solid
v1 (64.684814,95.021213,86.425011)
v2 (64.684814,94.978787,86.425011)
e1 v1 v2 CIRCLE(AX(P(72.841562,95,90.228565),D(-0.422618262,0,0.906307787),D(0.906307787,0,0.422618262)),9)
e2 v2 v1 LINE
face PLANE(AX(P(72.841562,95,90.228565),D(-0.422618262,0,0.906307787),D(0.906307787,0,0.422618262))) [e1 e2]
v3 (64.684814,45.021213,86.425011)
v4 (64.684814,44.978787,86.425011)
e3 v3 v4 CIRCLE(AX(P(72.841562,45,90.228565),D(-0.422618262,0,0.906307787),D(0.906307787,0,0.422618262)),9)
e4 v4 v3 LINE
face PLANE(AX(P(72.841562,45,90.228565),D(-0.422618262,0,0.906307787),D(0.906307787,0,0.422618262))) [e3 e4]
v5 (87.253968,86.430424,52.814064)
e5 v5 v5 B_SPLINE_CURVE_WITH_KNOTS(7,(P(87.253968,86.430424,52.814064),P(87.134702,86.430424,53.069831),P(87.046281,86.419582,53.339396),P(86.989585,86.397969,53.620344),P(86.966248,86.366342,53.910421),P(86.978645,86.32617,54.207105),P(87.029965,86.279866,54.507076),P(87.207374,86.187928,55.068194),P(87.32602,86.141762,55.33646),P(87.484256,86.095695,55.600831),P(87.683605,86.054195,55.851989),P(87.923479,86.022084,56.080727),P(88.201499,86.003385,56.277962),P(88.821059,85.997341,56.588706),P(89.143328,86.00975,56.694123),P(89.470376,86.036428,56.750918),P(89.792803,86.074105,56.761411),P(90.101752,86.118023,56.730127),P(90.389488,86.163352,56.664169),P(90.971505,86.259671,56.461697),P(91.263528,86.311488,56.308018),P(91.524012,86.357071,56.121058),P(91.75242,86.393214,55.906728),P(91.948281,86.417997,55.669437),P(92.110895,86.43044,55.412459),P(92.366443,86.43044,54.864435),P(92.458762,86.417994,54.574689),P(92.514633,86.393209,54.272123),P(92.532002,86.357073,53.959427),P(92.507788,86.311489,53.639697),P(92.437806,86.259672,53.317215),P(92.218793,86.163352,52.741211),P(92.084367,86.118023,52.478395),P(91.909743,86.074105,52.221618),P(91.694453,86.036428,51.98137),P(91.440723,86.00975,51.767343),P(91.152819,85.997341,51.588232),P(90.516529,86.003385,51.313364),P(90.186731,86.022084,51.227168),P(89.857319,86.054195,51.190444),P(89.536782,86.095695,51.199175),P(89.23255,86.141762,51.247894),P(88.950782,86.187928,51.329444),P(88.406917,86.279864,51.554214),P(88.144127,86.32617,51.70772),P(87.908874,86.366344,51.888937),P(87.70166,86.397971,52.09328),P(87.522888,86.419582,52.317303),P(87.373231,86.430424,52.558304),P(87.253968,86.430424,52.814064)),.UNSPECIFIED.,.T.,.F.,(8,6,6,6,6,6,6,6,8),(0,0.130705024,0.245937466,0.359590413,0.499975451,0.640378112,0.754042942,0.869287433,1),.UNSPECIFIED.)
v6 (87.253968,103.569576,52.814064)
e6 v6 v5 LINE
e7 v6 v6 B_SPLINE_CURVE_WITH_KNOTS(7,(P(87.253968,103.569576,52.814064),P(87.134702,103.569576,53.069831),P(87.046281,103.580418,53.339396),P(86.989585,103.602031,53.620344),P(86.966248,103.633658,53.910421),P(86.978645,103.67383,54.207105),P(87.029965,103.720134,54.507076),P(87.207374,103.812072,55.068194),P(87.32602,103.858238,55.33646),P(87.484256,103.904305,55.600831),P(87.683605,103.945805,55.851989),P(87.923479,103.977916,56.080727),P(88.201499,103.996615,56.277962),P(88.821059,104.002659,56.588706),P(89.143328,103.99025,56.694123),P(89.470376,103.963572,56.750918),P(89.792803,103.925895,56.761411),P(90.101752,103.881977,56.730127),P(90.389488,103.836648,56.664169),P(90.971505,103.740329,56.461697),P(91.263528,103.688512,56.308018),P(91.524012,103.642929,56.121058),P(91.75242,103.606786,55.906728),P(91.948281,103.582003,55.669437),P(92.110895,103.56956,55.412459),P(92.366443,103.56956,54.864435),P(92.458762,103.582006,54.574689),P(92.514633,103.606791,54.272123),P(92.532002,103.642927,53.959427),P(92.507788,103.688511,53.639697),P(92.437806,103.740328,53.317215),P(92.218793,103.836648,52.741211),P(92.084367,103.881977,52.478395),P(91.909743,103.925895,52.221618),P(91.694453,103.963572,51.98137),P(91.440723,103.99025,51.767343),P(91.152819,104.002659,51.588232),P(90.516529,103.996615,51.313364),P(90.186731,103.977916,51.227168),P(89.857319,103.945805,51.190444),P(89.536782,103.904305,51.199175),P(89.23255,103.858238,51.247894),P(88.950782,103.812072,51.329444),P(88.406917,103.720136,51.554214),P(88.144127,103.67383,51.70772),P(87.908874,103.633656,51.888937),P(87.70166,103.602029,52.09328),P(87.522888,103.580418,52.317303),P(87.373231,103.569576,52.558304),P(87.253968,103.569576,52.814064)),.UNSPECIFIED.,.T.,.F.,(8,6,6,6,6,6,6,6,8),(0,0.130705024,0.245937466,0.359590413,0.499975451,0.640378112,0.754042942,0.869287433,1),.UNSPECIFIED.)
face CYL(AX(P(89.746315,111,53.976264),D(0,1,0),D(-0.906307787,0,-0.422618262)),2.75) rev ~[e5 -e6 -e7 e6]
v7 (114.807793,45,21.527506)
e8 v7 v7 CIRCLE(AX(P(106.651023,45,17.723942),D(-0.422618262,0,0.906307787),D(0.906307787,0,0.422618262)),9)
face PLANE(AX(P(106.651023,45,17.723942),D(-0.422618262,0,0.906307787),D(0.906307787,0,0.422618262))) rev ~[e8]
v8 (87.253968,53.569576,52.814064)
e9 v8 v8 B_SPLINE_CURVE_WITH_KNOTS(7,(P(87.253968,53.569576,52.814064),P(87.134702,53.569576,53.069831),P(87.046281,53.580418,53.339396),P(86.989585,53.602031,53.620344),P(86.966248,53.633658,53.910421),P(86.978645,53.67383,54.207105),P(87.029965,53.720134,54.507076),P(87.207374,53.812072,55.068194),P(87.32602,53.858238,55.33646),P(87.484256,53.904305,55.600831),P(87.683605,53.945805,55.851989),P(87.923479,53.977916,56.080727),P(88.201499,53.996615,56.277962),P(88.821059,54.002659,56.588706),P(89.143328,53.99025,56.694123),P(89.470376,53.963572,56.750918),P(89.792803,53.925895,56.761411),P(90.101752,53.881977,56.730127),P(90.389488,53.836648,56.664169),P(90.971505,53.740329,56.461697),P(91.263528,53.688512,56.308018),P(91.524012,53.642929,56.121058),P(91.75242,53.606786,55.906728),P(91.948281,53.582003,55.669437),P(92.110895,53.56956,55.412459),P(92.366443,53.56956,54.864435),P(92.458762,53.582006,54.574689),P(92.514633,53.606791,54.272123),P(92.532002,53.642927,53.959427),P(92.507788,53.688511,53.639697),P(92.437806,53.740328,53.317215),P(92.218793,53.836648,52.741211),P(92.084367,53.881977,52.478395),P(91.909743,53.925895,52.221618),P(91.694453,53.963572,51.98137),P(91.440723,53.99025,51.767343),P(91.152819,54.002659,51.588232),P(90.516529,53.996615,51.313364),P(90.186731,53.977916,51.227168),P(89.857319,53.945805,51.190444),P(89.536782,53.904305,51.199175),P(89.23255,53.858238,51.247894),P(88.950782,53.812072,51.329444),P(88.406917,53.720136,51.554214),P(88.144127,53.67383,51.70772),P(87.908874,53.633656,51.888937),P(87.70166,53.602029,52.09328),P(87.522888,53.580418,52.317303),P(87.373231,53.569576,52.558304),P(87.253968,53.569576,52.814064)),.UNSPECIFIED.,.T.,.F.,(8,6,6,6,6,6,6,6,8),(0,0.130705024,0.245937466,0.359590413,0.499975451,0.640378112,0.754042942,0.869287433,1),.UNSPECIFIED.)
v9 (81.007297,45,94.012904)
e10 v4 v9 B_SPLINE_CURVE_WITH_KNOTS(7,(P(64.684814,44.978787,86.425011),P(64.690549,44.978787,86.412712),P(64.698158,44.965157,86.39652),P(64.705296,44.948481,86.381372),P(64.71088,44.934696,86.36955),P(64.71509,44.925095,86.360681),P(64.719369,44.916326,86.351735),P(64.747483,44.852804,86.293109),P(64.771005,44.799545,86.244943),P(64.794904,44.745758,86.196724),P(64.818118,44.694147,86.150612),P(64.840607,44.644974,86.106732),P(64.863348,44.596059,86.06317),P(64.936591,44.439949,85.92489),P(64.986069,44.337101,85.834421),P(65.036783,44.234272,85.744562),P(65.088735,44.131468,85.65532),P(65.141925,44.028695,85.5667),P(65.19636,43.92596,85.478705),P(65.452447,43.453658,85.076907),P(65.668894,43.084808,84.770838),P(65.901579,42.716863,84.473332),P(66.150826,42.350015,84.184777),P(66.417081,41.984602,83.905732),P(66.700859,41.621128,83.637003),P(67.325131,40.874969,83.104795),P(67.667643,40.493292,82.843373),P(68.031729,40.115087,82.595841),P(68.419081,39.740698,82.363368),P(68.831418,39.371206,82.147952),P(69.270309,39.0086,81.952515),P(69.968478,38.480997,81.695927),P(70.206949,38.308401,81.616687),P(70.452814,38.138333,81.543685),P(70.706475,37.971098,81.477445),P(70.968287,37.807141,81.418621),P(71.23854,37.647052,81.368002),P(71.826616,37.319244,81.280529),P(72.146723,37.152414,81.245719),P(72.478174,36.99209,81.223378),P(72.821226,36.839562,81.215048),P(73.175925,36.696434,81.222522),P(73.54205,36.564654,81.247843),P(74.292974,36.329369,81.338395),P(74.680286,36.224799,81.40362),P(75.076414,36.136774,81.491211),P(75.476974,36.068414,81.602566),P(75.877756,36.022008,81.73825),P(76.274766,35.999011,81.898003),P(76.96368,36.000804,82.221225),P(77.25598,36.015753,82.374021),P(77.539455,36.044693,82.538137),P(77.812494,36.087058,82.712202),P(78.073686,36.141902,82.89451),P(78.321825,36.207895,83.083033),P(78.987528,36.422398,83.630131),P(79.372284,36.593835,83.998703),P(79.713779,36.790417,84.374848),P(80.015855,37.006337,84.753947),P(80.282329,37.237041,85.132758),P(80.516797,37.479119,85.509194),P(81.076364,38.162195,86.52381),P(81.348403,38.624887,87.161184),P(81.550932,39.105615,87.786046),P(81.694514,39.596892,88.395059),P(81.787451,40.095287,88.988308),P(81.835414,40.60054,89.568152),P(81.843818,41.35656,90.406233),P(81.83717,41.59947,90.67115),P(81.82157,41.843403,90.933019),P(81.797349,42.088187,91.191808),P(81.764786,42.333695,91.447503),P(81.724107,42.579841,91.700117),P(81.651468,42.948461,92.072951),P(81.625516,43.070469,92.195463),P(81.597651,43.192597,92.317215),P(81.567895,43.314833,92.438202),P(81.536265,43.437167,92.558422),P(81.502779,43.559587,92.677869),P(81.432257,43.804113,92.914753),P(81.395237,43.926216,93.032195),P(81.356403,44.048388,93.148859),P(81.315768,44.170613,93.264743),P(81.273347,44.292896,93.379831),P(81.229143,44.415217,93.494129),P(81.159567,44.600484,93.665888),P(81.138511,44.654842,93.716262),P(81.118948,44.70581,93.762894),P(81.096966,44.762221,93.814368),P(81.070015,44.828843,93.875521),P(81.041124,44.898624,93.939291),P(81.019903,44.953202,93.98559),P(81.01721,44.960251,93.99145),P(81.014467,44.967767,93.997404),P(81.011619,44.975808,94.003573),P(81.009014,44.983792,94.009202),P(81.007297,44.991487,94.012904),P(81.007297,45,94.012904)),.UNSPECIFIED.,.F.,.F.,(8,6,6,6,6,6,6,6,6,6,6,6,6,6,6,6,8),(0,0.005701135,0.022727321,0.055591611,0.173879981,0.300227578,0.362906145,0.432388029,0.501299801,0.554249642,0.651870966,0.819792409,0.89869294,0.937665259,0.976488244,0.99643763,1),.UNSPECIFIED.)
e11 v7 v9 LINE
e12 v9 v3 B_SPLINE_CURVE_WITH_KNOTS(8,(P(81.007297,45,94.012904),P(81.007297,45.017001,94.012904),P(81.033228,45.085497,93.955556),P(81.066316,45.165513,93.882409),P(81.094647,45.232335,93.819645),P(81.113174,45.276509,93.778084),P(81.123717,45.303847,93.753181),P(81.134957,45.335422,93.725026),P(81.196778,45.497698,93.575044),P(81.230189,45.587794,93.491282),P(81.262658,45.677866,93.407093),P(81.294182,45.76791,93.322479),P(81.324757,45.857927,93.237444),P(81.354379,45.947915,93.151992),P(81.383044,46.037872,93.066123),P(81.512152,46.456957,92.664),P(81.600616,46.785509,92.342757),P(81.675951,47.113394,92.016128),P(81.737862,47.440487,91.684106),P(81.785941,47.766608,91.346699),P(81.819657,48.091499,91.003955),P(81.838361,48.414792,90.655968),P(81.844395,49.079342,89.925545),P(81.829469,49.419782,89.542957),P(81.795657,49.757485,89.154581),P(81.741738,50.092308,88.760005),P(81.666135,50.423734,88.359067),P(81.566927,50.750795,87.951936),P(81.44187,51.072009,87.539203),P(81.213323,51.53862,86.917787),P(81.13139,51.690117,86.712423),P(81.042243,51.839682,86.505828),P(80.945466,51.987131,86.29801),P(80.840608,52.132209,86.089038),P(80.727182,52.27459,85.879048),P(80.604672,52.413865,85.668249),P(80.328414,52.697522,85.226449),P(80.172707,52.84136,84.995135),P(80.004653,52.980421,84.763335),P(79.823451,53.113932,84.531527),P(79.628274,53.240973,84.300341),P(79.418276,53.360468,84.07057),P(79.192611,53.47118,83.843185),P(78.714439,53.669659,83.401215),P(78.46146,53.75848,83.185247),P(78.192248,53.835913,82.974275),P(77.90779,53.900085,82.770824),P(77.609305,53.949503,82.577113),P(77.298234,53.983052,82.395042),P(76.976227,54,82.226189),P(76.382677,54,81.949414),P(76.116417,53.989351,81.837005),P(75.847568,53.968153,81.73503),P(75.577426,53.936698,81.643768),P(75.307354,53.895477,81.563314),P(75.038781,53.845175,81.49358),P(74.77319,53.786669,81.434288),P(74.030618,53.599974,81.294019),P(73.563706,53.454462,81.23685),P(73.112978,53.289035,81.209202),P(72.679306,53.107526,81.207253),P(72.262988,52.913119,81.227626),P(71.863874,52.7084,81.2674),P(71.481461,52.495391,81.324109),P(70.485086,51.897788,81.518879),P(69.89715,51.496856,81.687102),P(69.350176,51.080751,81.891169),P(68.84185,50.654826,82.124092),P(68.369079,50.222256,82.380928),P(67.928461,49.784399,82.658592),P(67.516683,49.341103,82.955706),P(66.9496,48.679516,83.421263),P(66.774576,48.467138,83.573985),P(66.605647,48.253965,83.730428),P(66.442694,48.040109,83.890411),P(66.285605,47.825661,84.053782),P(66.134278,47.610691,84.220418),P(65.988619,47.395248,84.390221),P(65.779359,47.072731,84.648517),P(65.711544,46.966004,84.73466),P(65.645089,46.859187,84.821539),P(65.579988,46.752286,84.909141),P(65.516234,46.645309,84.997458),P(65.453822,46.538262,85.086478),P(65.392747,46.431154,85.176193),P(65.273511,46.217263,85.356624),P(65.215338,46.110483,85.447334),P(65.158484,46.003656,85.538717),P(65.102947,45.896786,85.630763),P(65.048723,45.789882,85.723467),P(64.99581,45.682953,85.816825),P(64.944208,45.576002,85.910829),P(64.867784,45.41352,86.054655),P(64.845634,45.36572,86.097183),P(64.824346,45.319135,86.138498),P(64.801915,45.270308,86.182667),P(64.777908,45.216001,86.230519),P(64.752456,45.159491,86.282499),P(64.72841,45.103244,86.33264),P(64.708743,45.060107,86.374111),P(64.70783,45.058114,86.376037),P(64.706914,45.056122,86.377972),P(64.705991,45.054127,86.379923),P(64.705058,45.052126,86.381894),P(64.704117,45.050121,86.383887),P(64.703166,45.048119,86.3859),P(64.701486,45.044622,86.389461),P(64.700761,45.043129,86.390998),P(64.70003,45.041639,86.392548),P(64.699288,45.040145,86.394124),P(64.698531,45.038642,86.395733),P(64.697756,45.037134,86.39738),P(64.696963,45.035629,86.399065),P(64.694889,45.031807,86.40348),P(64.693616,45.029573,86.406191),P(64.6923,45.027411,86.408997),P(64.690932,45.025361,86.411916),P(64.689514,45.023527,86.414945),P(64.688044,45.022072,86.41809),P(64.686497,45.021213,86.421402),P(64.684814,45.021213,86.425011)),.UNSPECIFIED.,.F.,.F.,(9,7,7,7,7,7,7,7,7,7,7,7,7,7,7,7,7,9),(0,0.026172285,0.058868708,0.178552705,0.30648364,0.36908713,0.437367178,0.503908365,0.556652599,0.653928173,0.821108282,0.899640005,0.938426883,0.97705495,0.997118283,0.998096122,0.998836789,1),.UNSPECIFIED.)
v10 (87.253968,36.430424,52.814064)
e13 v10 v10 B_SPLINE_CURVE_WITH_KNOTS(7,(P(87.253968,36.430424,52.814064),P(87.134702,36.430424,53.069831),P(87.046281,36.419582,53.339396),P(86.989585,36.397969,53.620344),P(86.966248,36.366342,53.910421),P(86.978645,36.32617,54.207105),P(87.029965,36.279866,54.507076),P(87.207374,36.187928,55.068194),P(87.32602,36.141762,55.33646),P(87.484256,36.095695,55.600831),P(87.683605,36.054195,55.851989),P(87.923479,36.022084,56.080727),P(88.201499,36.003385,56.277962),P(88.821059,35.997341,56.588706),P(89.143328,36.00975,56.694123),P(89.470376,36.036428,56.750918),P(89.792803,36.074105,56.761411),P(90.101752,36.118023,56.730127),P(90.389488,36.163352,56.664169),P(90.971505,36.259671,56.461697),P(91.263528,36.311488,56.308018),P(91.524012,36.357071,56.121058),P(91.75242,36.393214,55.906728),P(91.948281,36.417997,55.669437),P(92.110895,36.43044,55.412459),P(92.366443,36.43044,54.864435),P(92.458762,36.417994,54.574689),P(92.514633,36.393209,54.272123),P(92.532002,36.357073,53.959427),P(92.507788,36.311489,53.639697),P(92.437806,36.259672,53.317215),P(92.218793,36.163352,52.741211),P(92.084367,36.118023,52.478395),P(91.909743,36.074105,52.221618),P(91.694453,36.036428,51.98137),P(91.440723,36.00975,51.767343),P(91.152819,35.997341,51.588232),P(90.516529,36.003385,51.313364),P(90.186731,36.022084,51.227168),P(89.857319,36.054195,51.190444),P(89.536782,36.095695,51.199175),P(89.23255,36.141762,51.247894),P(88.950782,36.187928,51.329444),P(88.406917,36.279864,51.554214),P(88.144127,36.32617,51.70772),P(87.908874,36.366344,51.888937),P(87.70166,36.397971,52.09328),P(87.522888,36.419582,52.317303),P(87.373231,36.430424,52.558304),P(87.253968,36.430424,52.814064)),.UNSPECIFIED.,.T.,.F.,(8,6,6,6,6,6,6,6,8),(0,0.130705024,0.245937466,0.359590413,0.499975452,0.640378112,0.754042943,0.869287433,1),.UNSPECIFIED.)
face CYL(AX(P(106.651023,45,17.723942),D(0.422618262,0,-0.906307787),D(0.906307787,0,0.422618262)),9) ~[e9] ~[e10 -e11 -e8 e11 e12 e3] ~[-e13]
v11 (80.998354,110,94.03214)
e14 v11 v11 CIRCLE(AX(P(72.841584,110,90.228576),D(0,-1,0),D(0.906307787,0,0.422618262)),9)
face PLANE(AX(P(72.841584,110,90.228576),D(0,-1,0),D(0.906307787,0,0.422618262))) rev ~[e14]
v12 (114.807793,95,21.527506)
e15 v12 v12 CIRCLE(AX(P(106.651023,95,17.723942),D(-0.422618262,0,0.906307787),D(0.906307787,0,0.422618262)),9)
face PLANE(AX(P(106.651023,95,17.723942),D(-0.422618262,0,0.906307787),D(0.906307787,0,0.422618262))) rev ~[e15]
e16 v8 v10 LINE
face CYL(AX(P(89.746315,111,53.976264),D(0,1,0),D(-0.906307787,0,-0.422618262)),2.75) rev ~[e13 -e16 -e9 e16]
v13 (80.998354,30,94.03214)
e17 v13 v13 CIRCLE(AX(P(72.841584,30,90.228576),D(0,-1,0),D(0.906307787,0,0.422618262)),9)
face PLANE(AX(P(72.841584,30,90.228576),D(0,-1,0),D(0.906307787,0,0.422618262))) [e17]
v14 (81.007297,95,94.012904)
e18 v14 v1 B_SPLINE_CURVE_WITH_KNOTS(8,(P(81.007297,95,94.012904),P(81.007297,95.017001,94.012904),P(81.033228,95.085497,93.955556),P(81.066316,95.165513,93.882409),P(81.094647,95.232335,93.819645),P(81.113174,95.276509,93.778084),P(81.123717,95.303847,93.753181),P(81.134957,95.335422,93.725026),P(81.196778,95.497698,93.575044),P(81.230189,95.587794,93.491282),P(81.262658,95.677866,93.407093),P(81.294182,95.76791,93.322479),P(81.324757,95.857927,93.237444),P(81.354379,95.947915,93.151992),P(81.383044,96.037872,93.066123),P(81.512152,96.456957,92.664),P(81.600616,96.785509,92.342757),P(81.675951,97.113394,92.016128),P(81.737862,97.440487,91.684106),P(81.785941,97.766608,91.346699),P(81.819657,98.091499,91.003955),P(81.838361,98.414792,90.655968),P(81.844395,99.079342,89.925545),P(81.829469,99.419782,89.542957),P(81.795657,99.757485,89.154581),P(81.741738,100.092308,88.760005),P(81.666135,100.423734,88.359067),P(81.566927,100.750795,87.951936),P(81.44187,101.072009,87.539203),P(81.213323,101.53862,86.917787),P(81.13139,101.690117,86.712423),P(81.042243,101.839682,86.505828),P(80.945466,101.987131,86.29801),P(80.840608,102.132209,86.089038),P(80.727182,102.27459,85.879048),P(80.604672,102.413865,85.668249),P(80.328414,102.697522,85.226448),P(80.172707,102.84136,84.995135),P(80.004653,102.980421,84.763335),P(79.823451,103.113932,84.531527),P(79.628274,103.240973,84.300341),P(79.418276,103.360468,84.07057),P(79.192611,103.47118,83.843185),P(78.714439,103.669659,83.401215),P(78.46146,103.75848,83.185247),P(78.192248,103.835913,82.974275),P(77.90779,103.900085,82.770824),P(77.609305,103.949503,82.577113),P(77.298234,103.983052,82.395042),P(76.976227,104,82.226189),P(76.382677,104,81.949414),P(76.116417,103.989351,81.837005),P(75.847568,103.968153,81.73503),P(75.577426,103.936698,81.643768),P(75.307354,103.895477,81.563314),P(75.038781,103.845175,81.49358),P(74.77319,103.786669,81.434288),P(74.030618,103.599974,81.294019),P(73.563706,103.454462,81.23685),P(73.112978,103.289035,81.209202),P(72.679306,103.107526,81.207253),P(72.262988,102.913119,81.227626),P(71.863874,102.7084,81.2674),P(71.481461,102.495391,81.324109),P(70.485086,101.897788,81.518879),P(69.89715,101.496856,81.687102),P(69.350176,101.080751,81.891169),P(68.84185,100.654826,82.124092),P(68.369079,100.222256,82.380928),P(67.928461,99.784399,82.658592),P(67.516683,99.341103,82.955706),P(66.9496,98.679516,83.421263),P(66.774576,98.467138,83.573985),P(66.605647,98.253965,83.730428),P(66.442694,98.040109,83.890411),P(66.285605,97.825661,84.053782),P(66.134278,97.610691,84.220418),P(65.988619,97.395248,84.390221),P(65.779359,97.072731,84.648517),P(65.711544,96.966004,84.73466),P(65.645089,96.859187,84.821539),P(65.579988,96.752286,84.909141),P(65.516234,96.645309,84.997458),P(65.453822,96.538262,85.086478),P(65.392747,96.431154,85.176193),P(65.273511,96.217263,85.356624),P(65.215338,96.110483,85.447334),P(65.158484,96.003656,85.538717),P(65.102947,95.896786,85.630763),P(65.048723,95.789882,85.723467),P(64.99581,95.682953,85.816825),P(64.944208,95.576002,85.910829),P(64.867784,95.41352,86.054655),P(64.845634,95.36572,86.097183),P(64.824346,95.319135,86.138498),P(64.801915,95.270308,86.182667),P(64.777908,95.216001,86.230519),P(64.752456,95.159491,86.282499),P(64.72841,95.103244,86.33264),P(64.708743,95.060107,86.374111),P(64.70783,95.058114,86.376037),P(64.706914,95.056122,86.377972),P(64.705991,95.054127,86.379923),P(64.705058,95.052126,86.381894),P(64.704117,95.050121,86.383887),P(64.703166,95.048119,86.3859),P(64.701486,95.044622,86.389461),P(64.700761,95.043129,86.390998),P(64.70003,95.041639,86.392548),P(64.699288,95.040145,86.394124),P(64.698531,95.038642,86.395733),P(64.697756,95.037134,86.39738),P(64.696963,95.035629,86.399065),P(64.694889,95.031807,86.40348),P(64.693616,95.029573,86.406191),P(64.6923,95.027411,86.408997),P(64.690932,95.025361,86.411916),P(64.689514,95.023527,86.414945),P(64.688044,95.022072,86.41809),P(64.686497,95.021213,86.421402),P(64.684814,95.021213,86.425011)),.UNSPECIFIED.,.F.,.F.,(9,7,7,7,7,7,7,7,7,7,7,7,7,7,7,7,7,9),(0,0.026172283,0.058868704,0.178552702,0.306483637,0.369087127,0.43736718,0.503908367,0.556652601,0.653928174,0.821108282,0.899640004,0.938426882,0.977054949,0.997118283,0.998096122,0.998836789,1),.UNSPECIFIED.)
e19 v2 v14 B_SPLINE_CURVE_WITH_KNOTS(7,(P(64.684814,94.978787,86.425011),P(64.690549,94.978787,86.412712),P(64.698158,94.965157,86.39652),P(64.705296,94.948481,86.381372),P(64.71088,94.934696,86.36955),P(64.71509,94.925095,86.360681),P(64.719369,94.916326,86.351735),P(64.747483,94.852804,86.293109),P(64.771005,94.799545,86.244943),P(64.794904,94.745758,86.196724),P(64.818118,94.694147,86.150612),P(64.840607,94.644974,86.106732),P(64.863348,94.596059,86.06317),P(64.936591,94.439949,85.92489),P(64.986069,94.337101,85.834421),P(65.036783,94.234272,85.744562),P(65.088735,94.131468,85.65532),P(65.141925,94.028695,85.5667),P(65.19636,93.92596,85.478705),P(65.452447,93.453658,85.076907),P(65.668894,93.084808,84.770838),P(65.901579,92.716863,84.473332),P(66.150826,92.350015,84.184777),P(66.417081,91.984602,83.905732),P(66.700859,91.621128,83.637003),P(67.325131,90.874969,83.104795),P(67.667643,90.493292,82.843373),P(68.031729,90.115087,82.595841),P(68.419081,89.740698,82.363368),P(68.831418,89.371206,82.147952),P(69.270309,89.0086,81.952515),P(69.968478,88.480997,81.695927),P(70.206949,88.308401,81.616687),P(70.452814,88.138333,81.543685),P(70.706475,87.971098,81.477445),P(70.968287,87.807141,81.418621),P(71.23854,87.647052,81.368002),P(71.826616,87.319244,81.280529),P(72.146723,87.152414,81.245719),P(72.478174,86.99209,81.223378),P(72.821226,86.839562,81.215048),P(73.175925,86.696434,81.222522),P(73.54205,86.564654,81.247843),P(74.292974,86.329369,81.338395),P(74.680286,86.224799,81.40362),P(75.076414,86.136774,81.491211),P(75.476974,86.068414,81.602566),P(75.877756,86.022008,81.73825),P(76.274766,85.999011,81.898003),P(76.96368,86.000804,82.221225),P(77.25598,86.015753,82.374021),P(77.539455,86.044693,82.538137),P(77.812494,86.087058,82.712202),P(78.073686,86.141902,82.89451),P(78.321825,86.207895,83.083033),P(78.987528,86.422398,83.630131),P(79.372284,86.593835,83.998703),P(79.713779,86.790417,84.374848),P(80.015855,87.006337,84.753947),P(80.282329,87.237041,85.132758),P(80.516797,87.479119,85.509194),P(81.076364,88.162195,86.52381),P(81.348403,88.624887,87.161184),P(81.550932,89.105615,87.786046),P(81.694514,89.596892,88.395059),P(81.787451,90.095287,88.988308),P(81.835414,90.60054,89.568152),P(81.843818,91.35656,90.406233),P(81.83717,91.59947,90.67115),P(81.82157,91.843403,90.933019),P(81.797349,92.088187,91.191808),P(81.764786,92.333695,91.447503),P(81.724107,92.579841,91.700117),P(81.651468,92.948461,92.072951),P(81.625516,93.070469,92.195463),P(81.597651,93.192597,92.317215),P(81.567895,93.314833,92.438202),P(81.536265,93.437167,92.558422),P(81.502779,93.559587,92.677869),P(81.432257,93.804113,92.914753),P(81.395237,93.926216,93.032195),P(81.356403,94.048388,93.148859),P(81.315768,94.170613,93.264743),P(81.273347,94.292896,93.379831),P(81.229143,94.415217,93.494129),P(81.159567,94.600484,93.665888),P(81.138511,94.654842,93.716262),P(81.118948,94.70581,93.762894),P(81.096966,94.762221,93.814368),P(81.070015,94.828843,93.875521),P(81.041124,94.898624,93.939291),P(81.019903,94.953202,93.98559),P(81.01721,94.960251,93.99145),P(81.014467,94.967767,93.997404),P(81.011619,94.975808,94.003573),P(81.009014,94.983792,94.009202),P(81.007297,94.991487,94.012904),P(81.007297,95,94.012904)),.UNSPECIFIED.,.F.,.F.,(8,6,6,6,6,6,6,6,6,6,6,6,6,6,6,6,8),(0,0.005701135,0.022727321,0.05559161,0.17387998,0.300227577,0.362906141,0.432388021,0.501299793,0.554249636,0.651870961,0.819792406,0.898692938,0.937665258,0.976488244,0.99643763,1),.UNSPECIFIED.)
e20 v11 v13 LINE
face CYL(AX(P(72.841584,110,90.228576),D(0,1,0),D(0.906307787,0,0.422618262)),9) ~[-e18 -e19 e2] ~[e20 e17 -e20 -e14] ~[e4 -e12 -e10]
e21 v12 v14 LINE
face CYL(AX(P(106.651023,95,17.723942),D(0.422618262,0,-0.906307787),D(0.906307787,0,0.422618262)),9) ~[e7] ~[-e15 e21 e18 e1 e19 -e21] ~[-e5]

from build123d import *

# Parameters (mm, degrees)
SKETCH005_AS_DRAWN_R                                = 2.75
EXTRUDE_SKETCH005001_DEPTH                          = 90
EXTRUDE_SKETCH005001_ONTO_SKETCH005_ROLL_ANGLE      = 90
EXTRUDE_SKETCH005001_ONTO_SKETCH005_PLACEMENT_ANGLE = 180
CYLINDER_R                                          = 9
CYLINDER_DEPTH                                      = 80
CYLINDER001_R                                       = 9
CYLINDER001_DEPTH                                   = 80
CYLINDER001_ROLL_ANGLE                              = 90
CLONE005_PLACEMENT_ANGLE                            = 25


with BuildPart() as clone_of_sketch005_extrude001:
    # Sketch005 as drawn → Extrude_Sketch005001 (new)
    with BuildSketch(Plane.XY):
        with Locations((-90, 54)):
            Circle(SKETCH005_AS_DRAWN_R)
    extrude(amount=-EXTRUDE_SKETCH005001_DEPTH)


with BuildPart() as clone_of_sketch005_extrude001_1:
    # Extrude_Sketch005001 onto Sketch005 roll: moved
    add(clone_of_sketch005_extrude001.part.rotate(Axis((0, 0, 0), (1, 0, 0)), EXTRUDE_SKETCH005001_ONTO_SKETCH005_ROLL_ANGLE))


with BuildPart() as clone_of_sketch005_extrude001_2:
    # Extrude_Sketch005001 onto Sketch005 placement: moved
    add(clone_of_sketch005_extrude001_1.part.moved(Location((0, 111, 0))).rotate(Axis((0, 111, 0), (0, 0, 1)), EXTRUDE_SKETCH005001_ONTO_SKETCH005_PLACEMENT_ANGLE))


with BuildPart() as cilindro:
    # Cylinder → Cylinder (new body)
    with BuildSketch(Plane(origin=(76.968275, 45, 32), x_dir=(1, 0, 0), z_dir=(0, 0, 1))):
        Circle(CYLINDER_R)
    extrude(amount=CYLINDER_DEPTH)


with BuildPart() as clone_of_cilindro:
    # Clone003 base: copy of Cilindro
    add(cilindro.part)


with BuildPart() as clone_of_cilindro_1:
    # Clone003 placement: moved
    add(clone_of_cilindro.part.moved(Location((0, 50, 0))))


with BuildPart() as clone_of_cut003:
    # Cylinder001 → Cylinder001 (new body)
    with BuildSketch(Plane.XY):
        Circle(CYLINDER001_R)
    extrude(amount=CYLINDER001_DEPTH)


with BuildPart() as clone_of_cut003_1:
    # Cylinder001 roll: moved
    add(clone_of_cut003.part.rotate(Axis((0, 0, 0), (1, 0, 0)), CYLINDER001_ROLL_ANGLE))


with BuildPart() as clone_of_cut003_2:
    # Cylinder001 placement: moved
    add(clone_of_cut003_1.part.moved(Location((76.9683, 110, 112))))

    # Fusion: union Clone of Cilindro, Cilindro
    add(clone_of_cilindro_1.part)
    add(cilindro.part)


with BuildPart() as clone_of_cut003_3:
    # Fusion placement: moved
    add(clone_of_cut003_2.part.moved(Location((13.0317, 0, -18))))

    # Cut003: cut Clone of Sketch005_Extrude001
    add(clone_of_sketch005_extrude001_2.part, mode=Mode.SUBTRACT)


with BuildPart() as clone_of_cut003_4:
    # Clone005 placement: moved
    add(clone_of_cut003_3.part.moved(Location((31, 0, -33))).rotate(Axis((31, 0, -33), (0, -1, 0)), CLONE005_PLACEMENT_ANGLE))


solid = clone_of_cut003_4.part
